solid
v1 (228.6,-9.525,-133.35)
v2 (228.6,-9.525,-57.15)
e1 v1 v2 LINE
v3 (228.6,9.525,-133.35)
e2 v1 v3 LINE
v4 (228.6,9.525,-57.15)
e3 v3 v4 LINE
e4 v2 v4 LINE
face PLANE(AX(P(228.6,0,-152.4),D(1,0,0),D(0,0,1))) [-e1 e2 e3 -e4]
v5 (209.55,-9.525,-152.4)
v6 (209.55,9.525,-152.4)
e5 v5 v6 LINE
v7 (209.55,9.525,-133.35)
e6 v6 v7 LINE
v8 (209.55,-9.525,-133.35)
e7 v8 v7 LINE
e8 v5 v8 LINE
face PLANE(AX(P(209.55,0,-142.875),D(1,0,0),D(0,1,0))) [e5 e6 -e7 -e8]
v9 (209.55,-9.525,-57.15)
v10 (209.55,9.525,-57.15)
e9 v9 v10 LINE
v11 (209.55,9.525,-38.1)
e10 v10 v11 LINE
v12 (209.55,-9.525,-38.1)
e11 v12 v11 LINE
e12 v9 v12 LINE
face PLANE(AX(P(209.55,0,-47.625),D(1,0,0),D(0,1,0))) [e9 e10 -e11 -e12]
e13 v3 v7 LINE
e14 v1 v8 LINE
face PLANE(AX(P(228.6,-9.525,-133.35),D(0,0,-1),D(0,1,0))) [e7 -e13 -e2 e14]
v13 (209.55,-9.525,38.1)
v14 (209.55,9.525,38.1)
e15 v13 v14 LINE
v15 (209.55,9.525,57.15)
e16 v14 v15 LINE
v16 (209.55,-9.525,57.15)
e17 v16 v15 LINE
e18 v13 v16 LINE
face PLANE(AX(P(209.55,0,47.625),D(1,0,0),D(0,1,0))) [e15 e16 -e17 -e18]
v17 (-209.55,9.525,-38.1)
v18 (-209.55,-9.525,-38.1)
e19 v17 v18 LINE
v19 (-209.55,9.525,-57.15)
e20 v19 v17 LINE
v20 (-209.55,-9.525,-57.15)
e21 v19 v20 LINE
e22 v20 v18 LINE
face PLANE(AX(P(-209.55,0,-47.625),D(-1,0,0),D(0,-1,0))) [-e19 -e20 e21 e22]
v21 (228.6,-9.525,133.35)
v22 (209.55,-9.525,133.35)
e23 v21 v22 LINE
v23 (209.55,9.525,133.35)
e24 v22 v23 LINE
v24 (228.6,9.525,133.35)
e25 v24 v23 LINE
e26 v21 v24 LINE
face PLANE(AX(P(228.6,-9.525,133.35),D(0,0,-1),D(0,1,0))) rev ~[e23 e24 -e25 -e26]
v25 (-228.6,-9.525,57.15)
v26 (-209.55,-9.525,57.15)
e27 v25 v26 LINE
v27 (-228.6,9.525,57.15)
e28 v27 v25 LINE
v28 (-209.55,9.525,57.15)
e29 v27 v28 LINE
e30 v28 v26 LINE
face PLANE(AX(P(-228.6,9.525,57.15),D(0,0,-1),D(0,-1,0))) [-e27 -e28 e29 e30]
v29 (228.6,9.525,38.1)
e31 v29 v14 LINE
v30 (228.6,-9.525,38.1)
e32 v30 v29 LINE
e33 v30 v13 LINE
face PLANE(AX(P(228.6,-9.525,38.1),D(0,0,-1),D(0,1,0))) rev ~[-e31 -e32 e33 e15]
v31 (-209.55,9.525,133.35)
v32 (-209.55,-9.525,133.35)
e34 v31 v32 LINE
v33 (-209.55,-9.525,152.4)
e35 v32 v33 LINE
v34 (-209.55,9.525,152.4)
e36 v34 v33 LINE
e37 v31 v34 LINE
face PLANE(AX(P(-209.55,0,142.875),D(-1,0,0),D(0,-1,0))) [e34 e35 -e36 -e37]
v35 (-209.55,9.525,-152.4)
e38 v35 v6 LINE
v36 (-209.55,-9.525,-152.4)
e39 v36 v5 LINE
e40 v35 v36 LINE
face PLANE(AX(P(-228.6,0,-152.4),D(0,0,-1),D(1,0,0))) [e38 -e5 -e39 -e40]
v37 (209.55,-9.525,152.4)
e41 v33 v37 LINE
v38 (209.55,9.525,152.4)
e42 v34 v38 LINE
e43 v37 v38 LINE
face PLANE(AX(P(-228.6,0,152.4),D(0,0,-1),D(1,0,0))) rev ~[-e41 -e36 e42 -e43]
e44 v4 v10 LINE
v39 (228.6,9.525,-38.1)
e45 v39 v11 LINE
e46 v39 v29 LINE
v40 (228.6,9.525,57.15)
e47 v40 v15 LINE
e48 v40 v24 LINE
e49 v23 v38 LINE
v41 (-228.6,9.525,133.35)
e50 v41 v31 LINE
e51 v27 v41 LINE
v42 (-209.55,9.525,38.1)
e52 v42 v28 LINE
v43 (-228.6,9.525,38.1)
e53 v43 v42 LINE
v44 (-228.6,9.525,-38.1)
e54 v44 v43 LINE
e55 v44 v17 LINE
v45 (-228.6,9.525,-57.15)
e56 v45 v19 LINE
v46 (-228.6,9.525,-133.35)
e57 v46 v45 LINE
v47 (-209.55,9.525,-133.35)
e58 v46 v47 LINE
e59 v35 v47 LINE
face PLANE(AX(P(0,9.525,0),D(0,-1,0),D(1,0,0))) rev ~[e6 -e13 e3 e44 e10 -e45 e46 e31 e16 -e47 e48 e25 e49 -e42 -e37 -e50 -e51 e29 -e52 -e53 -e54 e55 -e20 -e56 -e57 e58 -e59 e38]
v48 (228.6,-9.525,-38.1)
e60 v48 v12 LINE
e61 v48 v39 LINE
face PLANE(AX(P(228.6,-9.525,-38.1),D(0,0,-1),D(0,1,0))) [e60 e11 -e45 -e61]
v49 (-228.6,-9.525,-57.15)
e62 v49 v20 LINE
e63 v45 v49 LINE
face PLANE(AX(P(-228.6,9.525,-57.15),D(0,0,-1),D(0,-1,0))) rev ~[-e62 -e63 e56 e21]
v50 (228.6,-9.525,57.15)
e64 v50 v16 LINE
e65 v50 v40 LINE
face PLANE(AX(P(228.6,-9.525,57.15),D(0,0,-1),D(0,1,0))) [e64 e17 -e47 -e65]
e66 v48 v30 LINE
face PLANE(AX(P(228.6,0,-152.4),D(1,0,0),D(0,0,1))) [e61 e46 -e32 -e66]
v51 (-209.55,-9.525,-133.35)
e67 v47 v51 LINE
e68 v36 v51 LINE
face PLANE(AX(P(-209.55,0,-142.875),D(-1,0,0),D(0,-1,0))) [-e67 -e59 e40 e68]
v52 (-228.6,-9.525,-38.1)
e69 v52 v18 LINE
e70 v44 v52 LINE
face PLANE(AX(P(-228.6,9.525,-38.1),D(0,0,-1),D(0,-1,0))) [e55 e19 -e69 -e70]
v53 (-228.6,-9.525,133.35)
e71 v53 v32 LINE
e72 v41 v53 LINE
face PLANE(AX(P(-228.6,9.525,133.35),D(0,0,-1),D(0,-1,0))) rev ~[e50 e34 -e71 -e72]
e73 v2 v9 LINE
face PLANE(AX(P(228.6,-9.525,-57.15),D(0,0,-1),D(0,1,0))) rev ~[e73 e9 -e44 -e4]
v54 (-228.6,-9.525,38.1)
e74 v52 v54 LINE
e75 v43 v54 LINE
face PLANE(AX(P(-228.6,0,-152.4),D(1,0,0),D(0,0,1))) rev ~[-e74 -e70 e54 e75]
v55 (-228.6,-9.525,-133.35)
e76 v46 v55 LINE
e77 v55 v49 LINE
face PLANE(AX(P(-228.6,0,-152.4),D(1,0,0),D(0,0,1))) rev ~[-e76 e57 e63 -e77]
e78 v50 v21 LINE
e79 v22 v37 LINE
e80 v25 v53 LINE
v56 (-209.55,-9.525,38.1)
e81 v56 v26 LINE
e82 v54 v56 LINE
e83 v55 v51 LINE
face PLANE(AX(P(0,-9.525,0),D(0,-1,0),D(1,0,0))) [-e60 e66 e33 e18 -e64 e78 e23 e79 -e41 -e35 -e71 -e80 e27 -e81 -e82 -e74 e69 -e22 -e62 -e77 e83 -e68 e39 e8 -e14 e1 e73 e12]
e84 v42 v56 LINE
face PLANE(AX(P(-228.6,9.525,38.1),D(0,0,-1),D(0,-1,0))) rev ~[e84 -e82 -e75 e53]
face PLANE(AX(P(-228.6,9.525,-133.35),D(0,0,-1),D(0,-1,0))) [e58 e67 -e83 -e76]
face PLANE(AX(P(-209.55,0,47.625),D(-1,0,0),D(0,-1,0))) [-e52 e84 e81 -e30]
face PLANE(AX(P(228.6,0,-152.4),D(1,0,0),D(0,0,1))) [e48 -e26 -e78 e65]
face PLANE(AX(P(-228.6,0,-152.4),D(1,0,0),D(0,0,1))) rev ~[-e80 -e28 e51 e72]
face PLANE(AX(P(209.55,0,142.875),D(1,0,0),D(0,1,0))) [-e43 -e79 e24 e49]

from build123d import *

# Parameters (mm, degrees)
F0_W     = 457.2
F0_H     = 304.8
F1_DEPTH = 9.525
F2_W     = 19.05
F2_H     = 19.05
F3_DEPTH = 19.05
F4_W     = 19.05
F4_H     = 19.05
F5_DEPTH = 19.05


with BuildPart() as f1:
    # F0 (on Front) → F1 (new body, symmetric)
    with BuildSketch(Plane.XZ):
        Rectangle(F0_W, F0_H)
    extrude(amount=F1_DEPTH, both=True)

    # F2 (on face) → F3 (cut)
    with BuildSketch(Plane(origin=(-228.6, 0, 0), x_dir=(0, -1, 0), z_dir=(-1, 0, 0))):
        with Locations((0, 142.875)):
            Rectangle(F2_W, F2_H)
        with Locations((0, 47.625)):
            Rectangle(F2_W, F2_H)
        with Locations((0, -47.625)):
            Rectangle(F2_W, F2_H)
        with Locations((0, -142.875)):
            Rectangle(F2_W, F2_H)
    extrude(amount=-F3_DEPTH, mode=Mode.SUBTRACT)

    # F4 (on face) → F5 (cut)
    with BuildSketch(Plane.YZ.offset(228.6)):
        with Locations((0, 142.875)):
            Rectangle(F4_W, F4_H)
        with Locations((0, 47.625)):
            Rectangle(F4_W, F4_H)
        with Locations((0, -47.625)):
            Rectangle(F4_W, F4_H)
        with Locations((0, -142.875)):
            Rectangle(F4_W, F4_H)
    extrude(amount=-F5_DEPTH, mode=Mode.SUBTRACT)


solid = f1.part
